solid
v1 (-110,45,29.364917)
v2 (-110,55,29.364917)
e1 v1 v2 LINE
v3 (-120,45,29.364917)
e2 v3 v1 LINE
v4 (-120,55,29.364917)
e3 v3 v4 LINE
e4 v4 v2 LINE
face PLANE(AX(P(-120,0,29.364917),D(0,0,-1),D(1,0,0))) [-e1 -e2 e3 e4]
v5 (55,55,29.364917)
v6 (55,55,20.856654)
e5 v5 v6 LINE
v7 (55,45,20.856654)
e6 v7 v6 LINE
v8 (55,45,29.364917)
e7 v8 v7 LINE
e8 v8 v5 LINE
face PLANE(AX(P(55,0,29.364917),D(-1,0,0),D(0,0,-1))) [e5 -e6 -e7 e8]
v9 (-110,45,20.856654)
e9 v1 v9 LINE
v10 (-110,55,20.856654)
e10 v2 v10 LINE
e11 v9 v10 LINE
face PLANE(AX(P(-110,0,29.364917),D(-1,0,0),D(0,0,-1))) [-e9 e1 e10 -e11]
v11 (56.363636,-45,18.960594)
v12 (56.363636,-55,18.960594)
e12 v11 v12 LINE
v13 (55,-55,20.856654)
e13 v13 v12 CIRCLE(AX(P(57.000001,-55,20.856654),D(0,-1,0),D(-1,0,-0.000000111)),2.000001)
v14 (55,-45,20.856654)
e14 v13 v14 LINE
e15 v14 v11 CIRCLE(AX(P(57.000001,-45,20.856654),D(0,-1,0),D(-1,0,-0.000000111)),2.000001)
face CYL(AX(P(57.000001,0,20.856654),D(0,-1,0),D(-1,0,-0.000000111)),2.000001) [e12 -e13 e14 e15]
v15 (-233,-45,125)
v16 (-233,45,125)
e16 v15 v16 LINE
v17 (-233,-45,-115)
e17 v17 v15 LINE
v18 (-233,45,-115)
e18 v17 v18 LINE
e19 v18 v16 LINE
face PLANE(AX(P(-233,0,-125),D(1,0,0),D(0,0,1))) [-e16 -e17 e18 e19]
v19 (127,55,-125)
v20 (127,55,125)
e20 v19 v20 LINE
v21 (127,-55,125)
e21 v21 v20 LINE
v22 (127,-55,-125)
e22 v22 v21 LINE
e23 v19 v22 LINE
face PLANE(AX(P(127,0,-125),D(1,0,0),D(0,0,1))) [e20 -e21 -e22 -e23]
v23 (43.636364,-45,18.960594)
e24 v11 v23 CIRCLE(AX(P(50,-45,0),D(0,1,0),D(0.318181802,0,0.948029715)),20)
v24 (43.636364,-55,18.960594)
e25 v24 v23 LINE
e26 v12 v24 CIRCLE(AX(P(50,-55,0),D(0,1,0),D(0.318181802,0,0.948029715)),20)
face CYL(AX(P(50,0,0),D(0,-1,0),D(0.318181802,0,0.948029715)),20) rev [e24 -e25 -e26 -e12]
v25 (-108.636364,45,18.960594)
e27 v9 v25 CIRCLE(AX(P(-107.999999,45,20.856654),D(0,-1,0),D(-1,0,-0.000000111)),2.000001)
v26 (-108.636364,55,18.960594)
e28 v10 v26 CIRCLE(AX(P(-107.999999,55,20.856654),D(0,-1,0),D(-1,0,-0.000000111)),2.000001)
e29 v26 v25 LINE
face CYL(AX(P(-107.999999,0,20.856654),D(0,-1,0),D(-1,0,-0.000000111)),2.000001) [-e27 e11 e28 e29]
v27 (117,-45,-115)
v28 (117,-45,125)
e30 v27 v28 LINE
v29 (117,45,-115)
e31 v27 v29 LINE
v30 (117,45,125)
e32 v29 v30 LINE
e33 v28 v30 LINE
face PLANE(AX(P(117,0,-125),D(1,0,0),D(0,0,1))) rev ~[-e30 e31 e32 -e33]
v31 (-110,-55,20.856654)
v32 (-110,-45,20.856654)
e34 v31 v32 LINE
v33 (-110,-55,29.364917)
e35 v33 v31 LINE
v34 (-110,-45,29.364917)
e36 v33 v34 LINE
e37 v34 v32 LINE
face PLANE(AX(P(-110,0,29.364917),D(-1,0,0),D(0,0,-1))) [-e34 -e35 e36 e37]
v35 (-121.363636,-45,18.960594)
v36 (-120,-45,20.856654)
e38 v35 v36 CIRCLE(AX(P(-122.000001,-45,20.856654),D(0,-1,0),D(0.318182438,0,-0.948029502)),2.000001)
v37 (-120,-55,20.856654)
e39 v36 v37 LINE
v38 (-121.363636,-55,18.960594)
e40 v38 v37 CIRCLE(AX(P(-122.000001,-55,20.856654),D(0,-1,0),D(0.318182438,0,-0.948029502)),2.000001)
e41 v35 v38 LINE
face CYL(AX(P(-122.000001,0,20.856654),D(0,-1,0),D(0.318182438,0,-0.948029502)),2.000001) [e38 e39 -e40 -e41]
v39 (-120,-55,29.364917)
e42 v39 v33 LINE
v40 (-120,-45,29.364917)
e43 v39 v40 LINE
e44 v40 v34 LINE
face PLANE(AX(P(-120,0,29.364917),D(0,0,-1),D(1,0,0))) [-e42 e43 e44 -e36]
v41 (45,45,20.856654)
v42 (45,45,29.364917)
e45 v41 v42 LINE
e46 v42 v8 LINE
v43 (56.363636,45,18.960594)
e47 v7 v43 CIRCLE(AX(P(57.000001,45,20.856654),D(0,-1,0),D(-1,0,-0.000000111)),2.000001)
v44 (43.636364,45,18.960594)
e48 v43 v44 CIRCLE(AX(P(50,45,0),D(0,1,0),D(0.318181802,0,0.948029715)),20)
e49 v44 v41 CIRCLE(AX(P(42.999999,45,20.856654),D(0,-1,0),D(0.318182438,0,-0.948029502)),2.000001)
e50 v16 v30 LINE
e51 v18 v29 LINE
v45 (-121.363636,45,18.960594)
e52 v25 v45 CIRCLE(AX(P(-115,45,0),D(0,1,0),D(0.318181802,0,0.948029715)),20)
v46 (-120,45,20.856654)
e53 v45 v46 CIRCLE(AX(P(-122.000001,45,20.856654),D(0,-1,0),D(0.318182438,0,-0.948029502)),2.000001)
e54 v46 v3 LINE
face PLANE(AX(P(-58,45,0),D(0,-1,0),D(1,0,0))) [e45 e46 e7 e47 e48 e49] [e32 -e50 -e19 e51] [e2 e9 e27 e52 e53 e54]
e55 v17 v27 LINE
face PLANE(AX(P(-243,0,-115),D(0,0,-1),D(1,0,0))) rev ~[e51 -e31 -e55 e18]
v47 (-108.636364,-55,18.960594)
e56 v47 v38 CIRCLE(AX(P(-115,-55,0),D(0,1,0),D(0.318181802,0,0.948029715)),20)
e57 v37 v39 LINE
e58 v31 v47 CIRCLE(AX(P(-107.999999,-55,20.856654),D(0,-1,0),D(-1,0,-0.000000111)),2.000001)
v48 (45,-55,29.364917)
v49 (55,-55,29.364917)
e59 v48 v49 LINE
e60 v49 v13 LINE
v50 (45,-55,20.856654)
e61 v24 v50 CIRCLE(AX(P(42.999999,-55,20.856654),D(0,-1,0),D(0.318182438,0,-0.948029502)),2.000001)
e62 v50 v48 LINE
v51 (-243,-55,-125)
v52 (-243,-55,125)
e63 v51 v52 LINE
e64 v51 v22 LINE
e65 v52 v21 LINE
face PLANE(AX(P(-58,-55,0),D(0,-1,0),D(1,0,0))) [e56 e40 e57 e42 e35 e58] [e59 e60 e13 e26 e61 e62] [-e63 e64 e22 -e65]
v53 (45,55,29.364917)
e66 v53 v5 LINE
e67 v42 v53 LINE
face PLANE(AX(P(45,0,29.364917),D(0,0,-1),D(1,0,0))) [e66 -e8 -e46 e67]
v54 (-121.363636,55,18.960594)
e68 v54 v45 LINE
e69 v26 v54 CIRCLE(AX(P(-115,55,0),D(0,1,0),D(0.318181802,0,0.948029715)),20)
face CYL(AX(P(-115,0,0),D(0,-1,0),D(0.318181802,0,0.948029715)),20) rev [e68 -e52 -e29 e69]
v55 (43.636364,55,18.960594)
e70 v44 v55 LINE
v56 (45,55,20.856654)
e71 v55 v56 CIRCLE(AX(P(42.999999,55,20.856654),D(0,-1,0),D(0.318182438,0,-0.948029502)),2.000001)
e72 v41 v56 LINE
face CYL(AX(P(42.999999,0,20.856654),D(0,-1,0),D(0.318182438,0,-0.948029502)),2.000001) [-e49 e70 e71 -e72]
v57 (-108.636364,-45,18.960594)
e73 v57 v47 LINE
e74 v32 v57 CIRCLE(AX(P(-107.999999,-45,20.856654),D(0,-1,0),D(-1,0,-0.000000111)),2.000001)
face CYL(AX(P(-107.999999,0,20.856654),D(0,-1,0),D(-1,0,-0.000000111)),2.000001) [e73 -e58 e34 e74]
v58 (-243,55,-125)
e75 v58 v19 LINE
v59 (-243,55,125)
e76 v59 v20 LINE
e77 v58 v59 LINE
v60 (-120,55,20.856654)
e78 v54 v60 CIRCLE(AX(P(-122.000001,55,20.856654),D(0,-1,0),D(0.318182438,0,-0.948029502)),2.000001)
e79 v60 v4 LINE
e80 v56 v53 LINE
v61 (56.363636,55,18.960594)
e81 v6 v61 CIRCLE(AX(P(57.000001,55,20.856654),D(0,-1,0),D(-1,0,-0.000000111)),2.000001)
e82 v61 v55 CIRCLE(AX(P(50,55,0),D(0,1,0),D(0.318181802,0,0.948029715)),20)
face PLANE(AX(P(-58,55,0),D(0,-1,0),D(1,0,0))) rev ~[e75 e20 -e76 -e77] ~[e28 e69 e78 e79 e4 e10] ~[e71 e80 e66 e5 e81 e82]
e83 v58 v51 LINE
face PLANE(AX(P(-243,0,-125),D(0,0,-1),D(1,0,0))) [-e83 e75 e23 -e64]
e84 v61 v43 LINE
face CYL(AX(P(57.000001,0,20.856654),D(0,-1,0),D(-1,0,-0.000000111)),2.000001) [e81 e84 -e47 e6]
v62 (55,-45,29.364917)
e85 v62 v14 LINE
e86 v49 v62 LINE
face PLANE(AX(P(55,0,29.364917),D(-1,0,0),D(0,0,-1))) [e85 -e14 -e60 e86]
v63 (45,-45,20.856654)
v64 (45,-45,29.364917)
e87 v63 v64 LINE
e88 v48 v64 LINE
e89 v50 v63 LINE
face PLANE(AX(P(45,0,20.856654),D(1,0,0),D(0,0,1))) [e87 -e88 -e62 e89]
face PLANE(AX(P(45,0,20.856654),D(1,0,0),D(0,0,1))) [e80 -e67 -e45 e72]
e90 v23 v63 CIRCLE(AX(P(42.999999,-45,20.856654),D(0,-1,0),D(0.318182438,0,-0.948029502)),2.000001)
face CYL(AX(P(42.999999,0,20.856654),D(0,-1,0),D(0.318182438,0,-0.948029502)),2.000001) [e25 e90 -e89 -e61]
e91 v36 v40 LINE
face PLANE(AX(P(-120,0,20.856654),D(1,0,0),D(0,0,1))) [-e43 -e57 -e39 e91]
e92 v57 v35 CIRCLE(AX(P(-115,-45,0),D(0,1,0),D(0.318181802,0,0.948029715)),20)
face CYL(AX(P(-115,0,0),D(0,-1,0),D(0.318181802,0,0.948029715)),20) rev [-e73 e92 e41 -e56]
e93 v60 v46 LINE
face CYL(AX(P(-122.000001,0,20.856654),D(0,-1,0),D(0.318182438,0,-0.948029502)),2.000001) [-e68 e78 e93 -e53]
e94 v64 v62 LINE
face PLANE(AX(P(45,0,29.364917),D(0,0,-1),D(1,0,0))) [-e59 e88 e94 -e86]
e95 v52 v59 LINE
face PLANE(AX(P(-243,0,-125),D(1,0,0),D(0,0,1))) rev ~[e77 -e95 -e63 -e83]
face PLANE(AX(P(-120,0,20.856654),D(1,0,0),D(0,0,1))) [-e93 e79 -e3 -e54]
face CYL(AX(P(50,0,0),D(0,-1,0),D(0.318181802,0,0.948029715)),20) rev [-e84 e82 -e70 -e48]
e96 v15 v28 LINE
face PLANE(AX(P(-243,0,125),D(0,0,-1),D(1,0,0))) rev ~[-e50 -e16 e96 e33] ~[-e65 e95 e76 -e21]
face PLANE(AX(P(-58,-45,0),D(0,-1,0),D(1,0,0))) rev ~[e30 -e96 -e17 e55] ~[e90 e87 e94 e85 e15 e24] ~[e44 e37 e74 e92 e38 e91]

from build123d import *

# Parameters (mm, degrees)
F0_W     = 370
F0_H     = 250
F1_DEPTH = 55
F2_T     = -10


with BuildPart() as f1:
    # F0 (on Front) → F1 (new body, symmetric)
    with BuildSketch(Plane.XZ):
        with Locations((-58, 0)):
            Rectangle(F0_W, F0_H)
        with BuildLine():
            ThreePointArc((-108.636364, 18.960594), (-115, -20), (-121.363636, 18.960594))
            ThreePointArc((-121.363636, 18.960594), (-120.376312, 19.688905), (-120, 20.856654))
            Line((-120, 20.856654), (-120, 29.364917))
            Line((-120, 29.364917), (-110, 29.364917))
            Line((-110, 29.364917), (-110, 20.856654))
            ThreePointArc((-110, 20.856654), (-109.623688, 19.688905), (-108.636364, 18.960594))
        make_face(mode=Mode.SUBTRACT)
        with BuildLine():
            ThreePointArc((56.363636, 18.960594), (50, -20), (43.636364, 18.960594))
            ThreePointArc((43.636364, 18.960594), (44.623688, 19.688905), (45, 20.856654))
            Line((45, 20.856654), (45, 29.364917))
            Line((45, 29.364917), (55, 29.364917))
            Line((55, 29.364917), (55, 20.856654))
            ThreePointArc((55, 20.856654), (55.376312, 19.688905), (56.363636, 18.960594))
        make_face(mode=Mode.SUBTRACT)
    extrude(amount=F1_DEPTH, both=True)

    # F2
    f2_openings = [f1.faces().sort_by_distance(p)[0] for p in [
        (-58, 0, 125),
        (-115, 0, -20),
        (-120.376312, 0, 19.688905),
        (-120, 0, 25.110785),
        (-115, 0, 29.364917),
        (-110, 0, 25.110785),
        (-109.623688, 0, 19.688905),
        (50, 0, -20),
        (55.376312, 0, 19.688905),
        (55, 0, 25.110785),
        (50, 0, 29.364917),
        (45, 0, 25.110785),
        (44.623688, 0, 19.688905),
    ]]
    offset(amount=F2_T, openings=f2_openings)


solid = f1.part
